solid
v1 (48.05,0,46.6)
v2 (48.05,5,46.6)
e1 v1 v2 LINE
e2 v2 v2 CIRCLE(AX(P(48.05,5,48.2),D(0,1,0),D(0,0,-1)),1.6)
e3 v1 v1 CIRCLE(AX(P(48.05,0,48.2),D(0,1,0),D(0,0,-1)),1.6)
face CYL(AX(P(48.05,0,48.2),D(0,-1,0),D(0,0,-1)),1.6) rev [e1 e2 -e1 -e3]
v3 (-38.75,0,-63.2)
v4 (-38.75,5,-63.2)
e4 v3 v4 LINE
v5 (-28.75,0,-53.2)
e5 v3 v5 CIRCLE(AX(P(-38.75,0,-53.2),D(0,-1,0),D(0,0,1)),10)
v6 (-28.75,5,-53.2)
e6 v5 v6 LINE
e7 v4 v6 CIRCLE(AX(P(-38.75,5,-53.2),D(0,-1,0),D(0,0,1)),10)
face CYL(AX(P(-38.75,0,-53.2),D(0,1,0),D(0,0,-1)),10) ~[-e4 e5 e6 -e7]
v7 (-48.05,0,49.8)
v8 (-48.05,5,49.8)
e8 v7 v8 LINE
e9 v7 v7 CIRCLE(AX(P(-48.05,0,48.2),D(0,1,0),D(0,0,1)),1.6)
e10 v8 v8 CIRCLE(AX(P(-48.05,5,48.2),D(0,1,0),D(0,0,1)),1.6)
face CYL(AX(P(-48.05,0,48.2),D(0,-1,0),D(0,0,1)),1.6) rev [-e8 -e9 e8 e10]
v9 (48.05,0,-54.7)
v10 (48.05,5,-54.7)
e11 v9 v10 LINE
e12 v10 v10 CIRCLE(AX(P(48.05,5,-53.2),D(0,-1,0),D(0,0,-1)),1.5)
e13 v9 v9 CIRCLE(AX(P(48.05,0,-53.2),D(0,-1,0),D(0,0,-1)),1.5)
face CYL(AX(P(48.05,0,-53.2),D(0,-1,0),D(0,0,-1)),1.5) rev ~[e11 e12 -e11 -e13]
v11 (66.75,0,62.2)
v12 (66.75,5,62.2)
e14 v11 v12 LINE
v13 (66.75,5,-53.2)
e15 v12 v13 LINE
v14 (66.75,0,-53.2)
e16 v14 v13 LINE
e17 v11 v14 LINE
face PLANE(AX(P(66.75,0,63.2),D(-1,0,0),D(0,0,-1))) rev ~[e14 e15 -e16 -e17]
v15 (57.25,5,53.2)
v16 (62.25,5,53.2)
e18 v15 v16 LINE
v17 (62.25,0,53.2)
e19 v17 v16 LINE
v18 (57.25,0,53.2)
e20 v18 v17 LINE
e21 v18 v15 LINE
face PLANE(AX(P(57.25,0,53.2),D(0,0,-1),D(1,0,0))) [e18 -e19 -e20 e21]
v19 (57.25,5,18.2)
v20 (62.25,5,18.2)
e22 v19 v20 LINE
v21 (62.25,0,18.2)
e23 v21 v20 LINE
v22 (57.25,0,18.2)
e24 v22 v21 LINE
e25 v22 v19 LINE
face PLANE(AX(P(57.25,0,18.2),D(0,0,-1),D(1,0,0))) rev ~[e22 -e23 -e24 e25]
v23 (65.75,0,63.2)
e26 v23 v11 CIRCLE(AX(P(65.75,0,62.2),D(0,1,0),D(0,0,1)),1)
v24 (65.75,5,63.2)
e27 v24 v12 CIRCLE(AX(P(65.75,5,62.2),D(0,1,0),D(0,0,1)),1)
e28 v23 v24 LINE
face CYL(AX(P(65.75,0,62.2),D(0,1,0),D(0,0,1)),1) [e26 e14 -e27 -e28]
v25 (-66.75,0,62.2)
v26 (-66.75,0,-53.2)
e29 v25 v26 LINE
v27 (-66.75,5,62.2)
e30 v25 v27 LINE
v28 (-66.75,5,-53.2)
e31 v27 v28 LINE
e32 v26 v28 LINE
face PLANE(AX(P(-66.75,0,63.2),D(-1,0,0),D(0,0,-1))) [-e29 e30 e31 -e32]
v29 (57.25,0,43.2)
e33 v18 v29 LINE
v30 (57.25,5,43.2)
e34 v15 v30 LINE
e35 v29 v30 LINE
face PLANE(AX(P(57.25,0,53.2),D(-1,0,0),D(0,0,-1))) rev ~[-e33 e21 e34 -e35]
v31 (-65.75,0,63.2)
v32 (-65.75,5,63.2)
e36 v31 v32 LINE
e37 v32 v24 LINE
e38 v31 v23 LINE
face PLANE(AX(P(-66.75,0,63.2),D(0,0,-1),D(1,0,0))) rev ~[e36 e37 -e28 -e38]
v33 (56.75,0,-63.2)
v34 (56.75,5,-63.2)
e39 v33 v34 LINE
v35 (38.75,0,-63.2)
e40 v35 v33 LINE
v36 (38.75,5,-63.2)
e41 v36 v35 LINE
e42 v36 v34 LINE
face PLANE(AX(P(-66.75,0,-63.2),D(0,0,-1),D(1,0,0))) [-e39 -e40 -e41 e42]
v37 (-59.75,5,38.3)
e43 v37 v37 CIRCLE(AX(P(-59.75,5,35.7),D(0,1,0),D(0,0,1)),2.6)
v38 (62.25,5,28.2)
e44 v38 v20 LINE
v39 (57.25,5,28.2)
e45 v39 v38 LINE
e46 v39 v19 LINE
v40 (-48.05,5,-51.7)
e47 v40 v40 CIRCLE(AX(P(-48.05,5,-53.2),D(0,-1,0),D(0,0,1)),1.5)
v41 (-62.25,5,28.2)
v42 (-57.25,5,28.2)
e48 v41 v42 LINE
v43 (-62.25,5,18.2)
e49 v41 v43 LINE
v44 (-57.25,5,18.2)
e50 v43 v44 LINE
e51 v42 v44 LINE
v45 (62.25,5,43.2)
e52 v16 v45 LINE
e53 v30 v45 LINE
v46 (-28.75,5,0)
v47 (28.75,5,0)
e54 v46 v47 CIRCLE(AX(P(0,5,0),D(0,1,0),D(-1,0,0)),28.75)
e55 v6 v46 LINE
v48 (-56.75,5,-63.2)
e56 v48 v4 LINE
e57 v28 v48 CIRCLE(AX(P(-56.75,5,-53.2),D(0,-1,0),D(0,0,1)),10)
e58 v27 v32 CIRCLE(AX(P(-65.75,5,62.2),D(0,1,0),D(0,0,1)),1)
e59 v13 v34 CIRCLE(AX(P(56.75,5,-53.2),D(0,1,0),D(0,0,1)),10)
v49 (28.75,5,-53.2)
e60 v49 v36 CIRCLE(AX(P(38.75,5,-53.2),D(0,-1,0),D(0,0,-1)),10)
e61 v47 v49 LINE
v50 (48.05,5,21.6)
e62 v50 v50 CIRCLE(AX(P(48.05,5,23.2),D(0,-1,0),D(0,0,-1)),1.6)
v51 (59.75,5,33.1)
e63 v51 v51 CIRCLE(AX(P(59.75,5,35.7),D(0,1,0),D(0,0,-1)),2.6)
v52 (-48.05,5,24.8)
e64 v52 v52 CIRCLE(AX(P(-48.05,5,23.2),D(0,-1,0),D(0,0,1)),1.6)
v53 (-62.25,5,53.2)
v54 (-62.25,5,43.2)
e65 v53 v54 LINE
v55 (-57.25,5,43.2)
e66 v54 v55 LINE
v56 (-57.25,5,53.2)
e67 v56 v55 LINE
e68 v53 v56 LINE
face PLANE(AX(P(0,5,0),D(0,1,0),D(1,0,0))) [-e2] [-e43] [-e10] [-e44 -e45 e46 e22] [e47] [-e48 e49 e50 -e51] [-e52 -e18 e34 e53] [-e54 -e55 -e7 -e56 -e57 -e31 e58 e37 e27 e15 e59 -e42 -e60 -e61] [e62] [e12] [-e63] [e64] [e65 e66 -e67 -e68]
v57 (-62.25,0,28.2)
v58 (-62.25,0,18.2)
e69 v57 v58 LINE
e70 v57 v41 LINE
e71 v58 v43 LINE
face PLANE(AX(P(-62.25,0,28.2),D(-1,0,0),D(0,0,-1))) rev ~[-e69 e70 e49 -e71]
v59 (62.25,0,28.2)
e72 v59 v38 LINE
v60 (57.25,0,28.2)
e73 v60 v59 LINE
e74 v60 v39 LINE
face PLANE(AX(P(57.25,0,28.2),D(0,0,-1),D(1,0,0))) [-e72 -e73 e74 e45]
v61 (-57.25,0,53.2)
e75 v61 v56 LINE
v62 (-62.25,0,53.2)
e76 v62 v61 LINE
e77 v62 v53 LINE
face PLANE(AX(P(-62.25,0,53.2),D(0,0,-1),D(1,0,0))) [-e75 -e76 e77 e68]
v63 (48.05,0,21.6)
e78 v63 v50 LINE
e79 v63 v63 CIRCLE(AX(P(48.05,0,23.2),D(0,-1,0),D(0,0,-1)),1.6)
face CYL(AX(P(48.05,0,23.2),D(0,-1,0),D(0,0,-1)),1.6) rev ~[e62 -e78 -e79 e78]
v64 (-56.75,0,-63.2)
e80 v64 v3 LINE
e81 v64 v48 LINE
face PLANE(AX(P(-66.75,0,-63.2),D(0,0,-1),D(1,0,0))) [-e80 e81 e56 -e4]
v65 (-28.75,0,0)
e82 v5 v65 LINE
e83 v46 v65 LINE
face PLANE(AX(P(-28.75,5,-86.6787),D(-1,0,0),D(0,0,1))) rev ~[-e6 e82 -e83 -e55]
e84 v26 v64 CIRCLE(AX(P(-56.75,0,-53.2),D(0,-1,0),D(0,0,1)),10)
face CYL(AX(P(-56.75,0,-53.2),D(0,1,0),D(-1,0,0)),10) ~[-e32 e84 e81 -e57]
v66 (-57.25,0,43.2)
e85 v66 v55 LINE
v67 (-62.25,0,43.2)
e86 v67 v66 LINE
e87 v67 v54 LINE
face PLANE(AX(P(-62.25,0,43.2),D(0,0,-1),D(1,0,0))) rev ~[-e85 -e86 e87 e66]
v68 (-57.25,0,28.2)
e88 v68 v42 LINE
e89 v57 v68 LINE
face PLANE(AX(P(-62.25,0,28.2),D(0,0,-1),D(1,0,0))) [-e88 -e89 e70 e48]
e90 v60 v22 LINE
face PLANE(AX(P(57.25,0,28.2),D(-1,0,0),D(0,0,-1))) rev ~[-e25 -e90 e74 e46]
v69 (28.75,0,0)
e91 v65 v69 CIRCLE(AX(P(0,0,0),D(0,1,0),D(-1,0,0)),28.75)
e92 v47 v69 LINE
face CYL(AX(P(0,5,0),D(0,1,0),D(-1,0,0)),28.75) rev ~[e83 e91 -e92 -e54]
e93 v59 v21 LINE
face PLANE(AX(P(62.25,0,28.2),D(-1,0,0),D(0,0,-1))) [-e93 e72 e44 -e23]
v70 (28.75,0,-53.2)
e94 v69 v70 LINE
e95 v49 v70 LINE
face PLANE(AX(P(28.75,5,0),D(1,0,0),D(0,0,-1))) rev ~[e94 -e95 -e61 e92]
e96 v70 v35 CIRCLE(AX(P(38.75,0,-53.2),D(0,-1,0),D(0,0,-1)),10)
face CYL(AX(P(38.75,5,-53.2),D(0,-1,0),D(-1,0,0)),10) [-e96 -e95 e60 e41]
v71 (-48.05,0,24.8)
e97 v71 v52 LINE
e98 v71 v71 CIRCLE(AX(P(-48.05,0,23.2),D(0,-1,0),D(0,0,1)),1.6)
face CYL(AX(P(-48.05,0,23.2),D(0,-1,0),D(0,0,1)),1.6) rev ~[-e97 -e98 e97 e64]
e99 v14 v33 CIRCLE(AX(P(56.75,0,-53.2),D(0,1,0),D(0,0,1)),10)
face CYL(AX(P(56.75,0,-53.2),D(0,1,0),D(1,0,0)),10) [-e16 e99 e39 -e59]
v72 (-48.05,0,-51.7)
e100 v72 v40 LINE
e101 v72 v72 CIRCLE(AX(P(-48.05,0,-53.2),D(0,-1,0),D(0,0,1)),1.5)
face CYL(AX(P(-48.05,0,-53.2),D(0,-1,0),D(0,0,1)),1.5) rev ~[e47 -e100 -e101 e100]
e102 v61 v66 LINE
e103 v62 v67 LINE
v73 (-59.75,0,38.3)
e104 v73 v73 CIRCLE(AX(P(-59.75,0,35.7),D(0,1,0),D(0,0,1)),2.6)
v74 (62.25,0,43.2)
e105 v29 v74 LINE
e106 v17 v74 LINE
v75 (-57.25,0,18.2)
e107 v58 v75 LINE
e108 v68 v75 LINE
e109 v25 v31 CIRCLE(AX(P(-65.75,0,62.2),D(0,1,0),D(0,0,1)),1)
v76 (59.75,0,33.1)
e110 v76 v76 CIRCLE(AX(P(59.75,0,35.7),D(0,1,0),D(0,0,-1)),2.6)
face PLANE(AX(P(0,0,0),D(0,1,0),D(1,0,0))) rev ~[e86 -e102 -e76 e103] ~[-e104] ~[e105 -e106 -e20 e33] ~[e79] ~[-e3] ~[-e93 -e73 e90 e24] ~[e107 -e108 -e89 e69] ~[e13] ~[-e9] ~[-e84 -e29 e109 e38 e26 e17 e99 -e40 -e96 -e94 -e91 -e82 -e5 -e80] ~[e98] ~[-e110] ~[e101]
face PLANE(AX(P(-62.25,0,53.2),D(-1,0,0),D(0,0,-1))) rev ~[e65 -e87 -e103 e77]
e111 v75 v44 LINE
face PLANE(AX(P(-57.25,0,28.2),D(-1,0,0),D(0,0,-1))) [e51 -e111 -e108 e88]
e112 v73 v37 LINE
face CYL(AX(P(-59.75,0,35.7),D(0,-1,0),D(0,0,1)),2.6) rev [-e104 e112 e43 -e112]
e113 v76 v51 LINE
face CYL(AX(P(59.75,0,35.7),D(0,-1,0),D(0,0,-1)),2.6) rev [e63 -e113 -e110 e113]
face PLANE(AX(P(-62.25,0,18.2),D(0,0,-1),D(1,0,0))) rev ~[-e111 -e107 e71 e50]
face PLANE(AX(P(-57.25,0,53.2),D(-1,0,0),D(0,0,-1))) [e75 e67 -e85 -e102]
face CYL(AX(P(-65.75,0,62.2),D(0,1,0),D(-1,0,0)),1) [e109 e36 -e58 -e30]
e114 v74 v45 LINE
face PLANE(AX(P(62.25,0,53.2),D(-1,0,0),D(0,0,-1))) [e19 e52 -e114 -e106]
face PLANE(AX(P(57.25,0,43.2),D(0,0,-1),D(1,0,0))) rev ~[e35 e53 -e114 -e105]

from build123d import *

# Parameters (mm, degrees)
SKETCH1_W           = 133.5
SKETCH1_H           = 126.4
SKETCH1_R           = 2.6
SKETCH1_R_2         = 1.6
SKETCH1_W_2         = 5
SKETCH1_H_2         = 10
BOSS_EXTRUDE1_DEPTH = 5
CUT_EXTRUDE2_DEPTH  = 10
FILLET2_R           = 10
CUT_EXTRUDE3_REACH  = 94.059
SKETCH5_R           = 1.6
SKETCH5_R_2         = 1.5
FILLET3_R           = 1


with BuildPart() as part:
    # Sketch1 → Boss-Extrude1 (new body)
    with BuildSketch(Plane(origin=(0, 0, 0), x_dir=(1, 0, 0), z_dir=(0, 1, 0))):
        Rectangle(SKETCH1_W, SKETCH1_H)
        with Locations(Location((-59.75, -35.7, 0), (0, 0, 270))):
            Circle(SKETCH1_R, mode=Mode.SUBTRACT)
        with Locations(Location((59.75, -35.7, 0), (0, 0, 90))):
            Circle(SKETCH1_R, mode=Mode.SUBTRACT)
        with Locations(Location((-48.05, -48.2, 0), (0, 0, 270))):
            Circle(SKETCH1_R_2, mode=Mode.SUBTRACT)
        with Locations(Location((48.05, -48.2, 0), (0, 0, 90))):
            Circle(SKETCH1_R_2, mode=Mode.SUBTRACT)
        with Locations((-59.75, -48.2)):
            Rectangle(SKETCH1_W_2, SKETCH1_H_2, mode=Mode.SUBTRACT)
        with Locations((-59.75, -23.2)):
            Rectangle(SKETCH1_W_2, SKETCH1_H_2, mode=Mode.SUBTRACT)
        with Locations((59.75, -23.2)):
            Rectangle(SKETCH1_W_2, SKETCH1_H_2, mode=Mode.SUBTRACT)
        with Locations((59.75, -48.2)):
            Rectangle(SKETCH1_W_2, SKETCH1_H_2, mode=Mode.SUBTRACT)
    extrude(amount=BOSS_EXTRUDE1_DEPTH)

    # Sketch2 → Cut-Extrude2 (cut)
    with BuildSketch(Plane(origin=(0, 5, 0), x_dir=(1, 0, 0), z_dir=(0, 1, 0))):
        with BuildLine():
            Line((-28.75, 86.678700037), (-28.75, 0))
            ThreePointArc((-28.75, 0), (0, -28.75), (28.75, 0))
            Line((28.75, 0), (28.75, 86.678700037))
            Line((28.75, 86.678700037), (-28.75, 86.678700037))
        make_face()
    extrude(amount=-CUT_EXTRUDE2_DEPTH, mode=Mode.SUBTRACT)

    # Fillet2
    fillet2_edges = [part.edges().sort_by_distance(p)[0] for p in [
        (-66.75, 2.5, -63.2),
        (66.75, 2.5, -63.2),
        (-28.75, 2.5, -63.2),
        (28.75, 2.5, -63.2),
    ]]
    fillet(fillet2_edges, radius=FILLET2_R)

    # Sketch5 → Cut-Extrude3 (cut, up to next)
    with BuildSketch(Plane.XZ, mode=Mode.PRIVATE) as cut_extrude3_sk1:
        with Locations(Location((48.05, 23.2, 0), (0, 0, 270))):
            Circle(SKETCH5_R)
    cut_extrude3_tool1 = extrude(cut_extrude3_sk1.sketch, amount=-CUT_EXTRUDE3_REACH, mode=Mode.PRIVATE) & part.part
    # Sketch5 → Cut-Extrude3 (cut, up to next)
    with BuildSketch(Plane.XZ, mode=Mode.PRIVATE) as cut_extrude3_sk2:
        with Locations(Location((48.05, -53.2, 0), (0, 0, 270))):
            Circle(SKETCH5_R_2)
    cut_extrude3_tool2 = extrude(cut_extrude3_sk2.sketch, amount=-CUT_EXTRUDE3_REACH, mode=Mode.PRIVATE) & part.part
    # Sketch5 → Cut-Extrude3 (cut, up to next)
    with BuildSketch(Plane.XZ, mode=Mode.PRIVATE) as cut_extrude3_sk3:
        with Locations(Location((-48.05, -53.2, 0), (0, 0, 90))):
            Circle(SKETCH5_R_2)
    cut_extrude3_tool3 = extrude(cut_extrude3_sk3.sketch, amount=-CUT_EXTRUDE3_REACH, mode=Mode.PRIVATE) & part.part
    # Sketch5 → Cut-Extrude3 (cut, up to next)
    with BuildSketch(Plane.XZ, mode=Mode.PRIVATE) as cut_extrude3_sk4:
        with Locations(Location((-48.05, 23.2, 0), (0, 0, 90))):
            Circle(SKETCH5_R)
    cut_extrude3_tool4 = extrude(cut_extrude3_sk4.sketch, amount=-CUT_EXTRUDE3_REACH, mode=Mode.PRIVATE) & part.part
    add(cut_extrude3_tool1.solids().sort_by_distance((48.05, 0, 23.2))[0], mode=Mode.SUBTRACT)
    add(cut_extrude3_tool2.solids().sort_by_distance((48.05, 0, -53.2))[0], mode=Mode.SUBTRACT)
    add(cut_extrude3_tool3.solids().sort_by_distance((-48.05, 0, -53.2))[0], mode=Mode.SUBTRACT)
    add(cut_extrude3_tool4.solids().sort_by_distance((-48.05, 0, 23.2))[0], mode=Mode.SUBTRACT)

    # Fillet3
    fillet3_edges = [part.edges().sort_by_distance(p)[0] for p in [
        (66.75, 2.5, 63.2),
        (-66.75, 2.5, 63.2),
    ]]
    fillet(fillet3_edges, radius=FILLET3_R)


solid = part.part
